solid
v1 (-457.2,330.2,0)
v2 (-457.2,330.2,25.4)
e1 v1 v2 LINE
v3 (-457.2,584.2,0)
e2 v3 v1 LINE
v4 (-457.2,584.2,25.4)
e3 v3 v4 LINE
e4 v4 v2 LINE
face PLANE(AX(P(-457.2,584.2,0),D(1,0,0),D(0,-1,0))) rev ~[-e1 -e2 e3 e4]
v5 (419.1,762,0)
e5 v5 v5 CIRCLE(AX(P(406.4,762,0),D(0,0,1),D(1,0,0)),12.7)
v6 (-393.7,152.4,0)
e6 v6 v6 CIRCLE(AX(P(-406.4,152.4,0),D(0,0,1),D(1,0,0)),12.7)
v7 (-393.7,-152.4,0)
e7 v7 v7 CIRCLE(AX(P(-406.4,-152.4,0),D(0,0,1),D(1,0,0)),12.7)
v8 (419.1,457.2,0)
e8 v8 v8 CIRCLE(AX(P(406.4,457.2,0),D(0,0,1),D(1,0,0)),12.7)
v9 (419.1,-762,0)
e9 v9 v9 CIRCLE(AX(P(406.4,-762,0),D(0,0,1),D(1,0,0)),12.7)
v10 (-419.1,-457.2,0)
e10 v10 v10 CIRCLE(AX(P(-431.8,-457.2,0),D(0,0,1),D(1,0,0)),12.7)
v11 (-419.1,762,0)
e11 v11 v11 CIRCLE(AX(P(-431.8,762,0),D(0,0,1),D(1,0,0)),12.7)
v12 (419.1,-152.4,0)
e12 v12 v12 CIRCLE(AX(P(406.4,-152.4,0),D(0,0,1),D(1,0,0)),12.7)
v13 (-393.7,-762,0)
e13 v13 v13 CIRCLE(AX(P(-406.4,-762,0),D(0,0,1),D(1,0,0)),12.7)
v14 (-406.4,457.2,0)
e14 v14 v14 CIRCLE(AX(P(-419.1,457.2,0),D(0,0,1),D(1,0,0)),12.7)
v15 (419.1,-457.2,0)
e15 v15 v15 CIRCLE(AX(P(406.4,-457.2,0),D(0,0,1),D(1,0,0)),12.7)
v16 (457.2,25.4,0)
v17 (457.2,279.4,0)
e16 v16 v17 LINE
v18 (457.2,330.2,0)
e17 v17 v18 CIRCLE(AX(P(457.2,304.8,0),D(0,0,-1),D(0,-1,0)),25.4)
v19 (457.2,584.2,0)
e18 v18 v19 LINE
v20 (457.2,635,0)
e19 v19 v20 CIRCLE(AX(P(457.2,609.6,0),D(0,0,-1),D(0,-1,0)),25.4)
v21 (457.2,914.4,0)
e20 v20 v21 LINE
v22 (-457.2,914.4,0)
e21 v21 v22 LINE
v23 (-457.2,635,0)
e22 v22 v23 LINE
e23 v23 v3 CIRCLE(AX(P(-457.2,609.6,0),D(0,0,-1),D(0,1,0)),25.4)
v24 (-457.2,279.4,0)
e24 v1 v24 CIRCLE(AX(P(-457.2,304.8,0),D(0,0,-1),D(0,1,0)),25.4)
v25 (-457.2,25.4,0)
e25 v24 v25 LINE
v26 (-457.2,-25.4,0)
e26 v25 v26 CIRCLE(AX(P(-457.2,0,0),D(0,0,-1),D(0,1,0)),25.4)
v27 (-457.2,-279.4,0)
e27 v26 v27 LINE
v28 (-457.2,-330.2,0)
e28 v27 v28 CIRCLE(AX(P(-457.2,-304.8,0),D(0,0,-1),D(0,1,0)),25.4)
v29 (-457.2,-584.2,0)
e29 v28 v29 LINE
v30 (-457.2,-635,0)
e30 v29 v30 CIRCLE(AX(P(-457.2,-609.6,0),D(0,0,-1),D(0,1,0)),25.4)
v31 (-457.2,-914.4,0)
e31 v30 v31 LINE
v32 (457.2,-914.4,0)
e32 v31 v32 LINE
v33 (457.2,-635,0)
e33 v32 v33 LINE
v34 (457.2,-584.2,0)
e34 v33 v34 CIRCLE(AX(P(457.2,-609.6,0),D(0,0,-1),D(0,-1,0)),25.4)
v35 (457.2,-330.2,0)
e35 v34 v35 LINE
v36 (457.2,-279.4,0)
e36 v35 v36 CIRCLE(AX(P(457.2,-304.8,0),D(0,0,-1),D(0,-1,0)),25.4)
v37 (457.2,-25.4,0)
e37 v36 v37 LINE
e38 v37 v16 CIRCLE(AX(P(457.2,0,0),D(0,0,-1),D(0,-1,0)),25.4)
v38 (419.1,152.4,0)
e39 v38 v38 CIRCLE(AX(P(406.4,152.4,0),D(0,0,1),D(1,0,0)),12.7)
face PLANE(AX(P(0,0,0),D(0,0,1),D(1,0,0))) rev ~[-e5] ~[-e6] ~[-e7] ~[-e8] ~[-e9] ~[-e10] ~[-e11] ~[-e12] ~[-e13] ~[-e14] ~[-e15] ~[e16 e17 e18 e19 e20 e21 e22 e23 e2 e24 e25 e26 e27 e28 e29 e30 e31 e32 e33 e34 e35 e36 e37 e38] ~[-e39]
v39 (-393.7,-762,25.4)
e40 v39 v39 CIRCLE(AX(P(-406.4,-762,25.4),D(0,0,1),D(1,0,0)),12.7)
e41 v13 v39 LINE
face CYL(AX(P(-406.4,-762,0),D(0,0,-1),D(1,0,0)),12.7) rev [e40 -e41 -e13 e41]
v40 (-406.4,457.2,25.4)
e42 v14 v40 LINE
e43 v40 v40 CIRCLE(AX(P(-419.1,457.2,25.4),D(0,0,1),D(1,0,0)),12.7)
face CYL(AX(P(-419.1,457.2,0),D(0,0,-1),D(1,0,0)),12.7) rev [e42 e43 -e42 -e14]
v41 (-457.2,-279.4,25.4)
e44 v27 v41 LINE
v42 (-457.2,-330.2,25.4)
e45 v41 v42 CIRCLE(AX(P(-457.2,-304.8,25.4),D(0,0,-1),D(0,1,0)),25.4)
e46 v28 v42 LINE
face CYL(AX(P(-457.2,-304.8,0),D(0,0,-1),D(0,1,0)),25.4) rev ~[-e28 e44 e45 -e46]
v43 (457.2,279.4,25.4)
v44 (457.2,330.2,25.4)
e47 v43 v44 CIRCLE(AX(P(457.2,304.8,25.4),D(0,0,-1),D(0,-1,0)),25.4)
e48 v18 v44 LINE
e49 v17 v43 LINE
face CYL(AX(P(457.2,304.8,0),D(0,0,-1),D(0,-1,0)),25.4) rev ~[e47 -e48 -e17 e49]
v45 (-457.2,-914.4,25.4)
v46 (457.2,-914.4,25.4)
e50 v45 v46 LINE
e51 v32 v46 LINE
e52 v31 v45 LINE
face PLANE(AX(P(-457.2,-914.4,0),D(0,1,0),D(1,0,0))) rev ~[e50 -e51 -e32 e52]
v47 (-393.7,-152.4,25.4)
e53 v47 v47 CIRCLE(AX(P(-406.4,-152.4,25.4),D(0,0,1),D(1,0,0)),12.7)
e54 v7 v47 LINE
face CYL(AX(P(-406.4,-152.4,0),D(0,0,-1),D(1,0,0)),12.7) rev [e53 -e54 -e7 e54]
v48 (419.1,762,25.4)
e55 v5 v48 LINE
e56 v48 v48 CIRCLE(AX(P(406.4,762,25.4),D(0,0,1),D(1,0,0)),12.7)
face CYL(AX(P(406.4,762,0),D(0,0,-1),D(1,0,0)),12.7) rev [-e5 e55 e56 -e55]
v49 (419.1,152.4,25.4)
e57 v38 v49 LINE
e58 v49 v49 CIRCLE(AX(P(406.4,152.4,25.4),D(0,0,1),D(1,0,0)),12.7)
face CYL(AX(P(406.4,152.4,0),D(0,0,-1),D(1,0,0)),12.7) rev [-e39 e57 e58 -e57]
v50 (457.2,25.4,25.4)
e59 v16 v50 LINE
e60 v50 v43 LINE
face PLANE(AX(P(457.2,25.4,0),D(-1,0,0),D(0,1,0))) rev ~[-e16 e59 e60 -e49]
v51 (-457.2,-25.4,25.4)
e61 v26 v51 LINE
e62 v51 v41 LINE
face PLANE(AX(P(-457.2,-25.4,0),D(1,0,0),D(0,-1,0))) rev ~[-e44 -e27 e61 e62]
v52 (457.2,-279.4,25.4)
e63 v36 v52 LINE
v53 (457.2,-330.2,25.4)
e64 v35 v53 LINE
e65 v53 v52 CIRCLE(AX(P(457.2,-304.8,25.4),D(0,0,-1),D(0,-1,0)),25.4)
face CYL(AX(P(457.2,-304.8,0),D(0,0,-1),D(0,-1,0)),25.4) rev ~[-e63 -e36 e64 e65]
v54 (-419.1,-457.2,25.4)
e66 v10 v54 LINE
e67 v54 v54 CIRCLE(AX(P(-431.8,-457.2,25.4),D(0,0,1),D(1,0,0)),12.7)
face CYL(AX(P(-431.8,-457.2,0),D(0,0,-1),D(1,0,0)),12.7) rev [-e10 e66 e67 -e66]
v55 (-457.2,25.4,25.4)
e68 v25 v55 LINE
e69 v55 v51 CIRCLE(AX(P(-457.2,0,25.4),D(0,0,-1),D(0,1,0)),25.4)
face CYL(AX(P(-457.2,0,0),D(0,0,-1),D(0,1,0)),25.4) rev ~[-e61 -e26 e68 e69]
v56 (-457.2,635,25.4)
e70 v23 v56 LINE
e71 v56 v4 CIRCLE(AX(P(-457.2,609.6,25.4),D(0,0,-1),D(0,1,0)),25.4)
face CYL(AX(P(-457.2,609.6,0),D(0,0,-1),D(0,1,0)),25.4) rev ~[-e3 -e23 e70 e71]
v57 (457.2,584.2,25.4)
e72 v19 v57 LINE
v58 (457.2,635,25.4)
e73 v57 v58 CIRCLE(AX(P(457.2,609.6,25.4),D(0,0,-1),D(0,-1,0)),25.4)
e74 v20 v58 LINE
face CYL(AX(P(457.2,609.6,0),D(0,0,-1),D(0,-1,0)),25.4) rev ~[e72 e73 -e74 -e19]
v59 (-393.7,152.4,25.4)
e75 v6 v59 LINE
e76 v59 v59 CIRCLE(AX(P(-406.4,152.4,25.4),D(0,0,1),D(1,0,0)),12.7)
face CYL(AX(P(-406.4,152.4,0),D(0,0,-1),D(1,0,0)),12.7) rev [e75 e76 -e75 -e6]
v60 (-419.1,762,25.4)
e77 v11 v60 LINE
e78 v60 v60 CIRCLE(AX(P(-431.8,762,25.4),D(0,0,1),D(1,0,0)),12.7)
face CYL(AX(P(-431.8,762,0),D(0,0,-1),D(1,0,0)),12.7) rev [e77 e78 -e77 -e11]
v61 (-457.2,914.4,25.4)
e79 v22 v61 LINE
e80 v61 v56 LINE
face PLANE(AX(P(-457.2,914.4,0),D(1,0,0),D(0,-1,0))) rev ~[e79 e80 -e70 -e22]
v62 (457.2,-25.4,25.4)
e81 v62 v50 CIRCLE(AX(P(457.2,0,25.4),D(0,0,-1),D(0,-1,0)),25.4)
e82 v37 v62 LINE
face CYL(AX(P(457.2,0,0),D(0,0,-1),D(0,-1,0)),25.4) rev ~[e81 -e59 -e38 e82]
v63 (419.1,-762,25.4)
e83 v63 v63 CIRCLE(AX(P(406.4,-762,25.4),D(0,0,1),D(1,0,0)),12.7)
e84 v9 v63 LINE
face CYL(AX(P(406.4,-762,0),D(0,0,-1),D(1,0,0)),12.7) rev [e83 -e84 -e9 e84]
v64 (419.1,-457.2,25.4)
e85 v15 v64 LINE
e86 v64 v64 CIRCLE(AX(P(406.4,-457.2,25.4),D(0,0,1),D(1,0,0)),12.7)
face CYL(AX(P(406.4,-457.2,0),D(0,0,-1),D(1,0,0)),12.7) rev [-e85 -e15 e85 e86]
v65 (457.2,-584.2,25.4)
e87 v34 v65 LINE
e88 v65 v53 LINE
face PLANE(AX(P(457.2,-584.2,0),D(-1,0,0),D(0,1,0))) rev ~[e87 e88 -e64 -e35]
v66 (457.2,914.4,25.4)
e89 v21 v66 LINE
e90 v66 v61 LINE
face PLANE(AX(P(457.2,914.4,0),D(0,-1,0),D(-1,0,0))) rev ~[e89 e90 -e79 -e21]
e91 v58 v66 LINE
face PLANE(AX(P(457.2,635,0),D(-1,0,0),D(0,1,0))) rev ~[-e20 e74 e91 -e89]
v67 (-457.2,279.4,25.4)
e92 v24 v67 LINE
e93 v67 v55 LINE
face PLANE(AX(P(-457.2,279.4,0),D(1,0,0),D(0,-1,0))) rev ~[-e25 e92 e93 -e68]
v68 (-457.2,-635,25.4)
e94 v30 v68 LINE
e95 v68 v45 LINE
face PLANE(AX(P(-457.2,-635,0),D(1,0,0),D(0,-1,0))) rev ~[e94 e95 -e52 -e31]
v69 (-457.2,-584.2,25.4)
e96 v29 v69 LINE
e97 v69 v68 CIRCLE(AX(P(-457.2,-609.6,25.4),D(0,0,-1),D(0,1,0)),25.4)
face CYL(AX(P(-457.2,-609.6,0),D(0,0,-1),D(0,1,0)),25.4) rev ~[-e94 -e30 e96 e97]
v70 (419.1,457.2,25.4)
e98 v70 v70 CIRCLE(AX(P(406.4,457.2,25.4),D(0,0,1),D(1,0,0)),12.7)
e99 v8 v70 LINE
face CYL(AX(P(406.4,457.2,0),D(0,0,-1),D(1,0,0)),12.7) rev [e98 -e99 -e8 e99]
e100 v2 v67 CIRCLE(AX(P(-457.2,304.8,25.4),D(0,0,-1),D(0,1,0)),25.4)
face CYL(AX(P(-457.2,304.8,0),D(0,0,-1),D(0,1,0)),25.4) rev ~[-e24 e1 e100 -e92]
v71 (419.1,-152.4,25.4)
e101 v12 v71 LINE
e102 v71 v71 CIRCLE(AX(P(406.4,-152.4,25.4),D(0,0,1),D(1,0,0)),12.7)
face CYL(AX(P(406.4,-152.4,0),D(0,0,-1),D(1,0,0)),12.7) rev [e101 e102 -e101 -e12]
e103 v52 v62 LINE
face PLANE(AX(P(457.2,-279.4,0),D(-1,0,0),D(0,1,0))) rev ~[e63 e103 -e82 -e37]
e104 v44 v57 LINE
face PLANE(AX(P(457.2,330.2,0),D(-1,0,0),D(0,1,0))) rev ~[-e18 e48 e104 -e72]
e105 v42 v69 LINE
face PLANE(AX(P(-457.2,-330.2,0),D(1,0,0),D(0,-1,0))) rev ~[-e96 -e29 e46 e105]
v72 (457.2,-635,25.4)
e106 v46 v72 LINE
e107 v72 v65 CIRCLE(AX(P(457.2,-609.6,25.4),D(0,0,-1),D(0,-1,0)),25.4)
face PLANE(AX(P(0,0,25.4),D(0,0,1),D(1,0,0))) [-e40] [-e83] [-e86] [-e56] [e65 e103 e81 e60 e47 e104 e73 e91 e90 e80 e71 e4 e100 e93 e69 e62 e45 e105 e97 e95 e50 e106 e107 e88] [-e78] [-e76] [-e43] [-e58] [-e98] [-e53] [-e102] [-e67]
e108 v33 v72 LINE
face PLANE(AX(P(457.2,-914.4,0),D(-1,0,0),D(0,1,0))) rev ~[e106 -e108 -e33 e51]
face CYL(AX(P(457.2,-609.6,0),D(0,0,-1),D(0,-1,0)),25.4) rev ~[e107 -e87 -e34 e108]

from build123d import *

# Parameters (mm, degrees)
F0_R     = 12.7
F1_DEPTH = 25.4


with BuildPart() as f1:
    # F0 (on Top) → F1 (new body)
    with BuildSketch(Plane.XY):
        with BuildLine():
            Line((-457.2, -914.4), (457.2, -914.4))
            Line((457.2, -914.4), (457.2, -635))
            ThreePointArc((457.2, -635), (431.8, -609.6), (457.2, -584.2))
            Line((457.2, -584.2), (457.2, -330.2))
            ThreePointArc((457.2, -330.2), (431.8, -304.8), (457.2, -279.4))
            Line((457.2, -279.4), (457.2, -25.4))
            ThreePointArc((457.2, -25.4), (431.8, 0), (457.2, 25.4))
            Line((457.2, 25.4), (457.2, 279.4))
            ThreePointArc((457.2, 279.4), (431.8, 304.8), (457.2, 330.2))
            Line((457.2, 330.2), (457.2, 584.2))
            ThreePointArc((457.2, 584.2), (431.8, 609.6), (457.2, 635))
            Line((457.2, 635), (457.2, 914.4))
            Line((457.2, 914.4), (-457.2, 914.4))
            Line((-457.2, 914.4), (-457.2, 635))
            ThreePointArc((-457.2, 635), (-431.8, 609.6), (-457.2, 584.2))
            Line((-457.2, 584.2), (-457.2, 330.2))
            ThreePointArc((-457.2, 330.2), (-431.8, 304.8), (-457.2, 279.4))
            Line((-457.2, 279.4), (-457.2, 25.4))
            ThreePointArc((-457.2, 25.4), (-431.8, 0), (-457.2, -25.4))
            Line((-457.2, -25.4), (-457.2, -279.4))
            ThreePointArc((-457.2, -279.4), (-431.8, -304.8), (-457.2, -330.2))
            Line((-457.2, -330.2), (-457.2, -584.2))
            ThreePointArc((-457.2, -584.2), (-431.8, -609.6), (-457.2, -635))
            Line((-457.2, -635), (-457.2, -914.4))
        make_face()
        with Locations((-406.4, -762)):
            Circle(F0_R, mode=Mode.SUBTRACT)
        with Locations((-431.8, -457.2)):
            Circle(F0_R, mode=Mode.SUBTRACT)
        with Locations((-406.4, -152.4)):
            Circle(F0_R, mode=Mode.SUBTRACT)
        with Locations((406.4, -762)):
            Circle(F0_R, mode=Mode.SUBTRACT)
        with Locations((406.4, -457.2)):
            Circle(F0_R, mode=Mode.SUBTRACT)
        with Locations((406.4, -152.4)):
            Circle(F0_R, mode=Mode.SUBTRACT)
        with Locations((-406.4, 152.4)):
            Circle(F0_R, mode=Mode.SUBTRACT)
        with Locations((-419.1, 457.2)):
            Circle(F0_R, mode=Mode.SUBTRACT)
        with Locations((-431.8, 762)):
            Circle(F0_R, mode=Mode.SUBTRACT)
        with Locations((406.4, 152.4)):
            Circle(F0_R, mode=Mode.SUBTRACT)
        with Locations((406.4, 457.2)):
            Circle(F0_R, mode=Mode.SUBTRACT)
        with Locations((406.4, 762)):
            Circle(F0_R, mode=Mode.SUBTRACT)
    extrude(amount=F1_DEPTH)


solid = f1.part
